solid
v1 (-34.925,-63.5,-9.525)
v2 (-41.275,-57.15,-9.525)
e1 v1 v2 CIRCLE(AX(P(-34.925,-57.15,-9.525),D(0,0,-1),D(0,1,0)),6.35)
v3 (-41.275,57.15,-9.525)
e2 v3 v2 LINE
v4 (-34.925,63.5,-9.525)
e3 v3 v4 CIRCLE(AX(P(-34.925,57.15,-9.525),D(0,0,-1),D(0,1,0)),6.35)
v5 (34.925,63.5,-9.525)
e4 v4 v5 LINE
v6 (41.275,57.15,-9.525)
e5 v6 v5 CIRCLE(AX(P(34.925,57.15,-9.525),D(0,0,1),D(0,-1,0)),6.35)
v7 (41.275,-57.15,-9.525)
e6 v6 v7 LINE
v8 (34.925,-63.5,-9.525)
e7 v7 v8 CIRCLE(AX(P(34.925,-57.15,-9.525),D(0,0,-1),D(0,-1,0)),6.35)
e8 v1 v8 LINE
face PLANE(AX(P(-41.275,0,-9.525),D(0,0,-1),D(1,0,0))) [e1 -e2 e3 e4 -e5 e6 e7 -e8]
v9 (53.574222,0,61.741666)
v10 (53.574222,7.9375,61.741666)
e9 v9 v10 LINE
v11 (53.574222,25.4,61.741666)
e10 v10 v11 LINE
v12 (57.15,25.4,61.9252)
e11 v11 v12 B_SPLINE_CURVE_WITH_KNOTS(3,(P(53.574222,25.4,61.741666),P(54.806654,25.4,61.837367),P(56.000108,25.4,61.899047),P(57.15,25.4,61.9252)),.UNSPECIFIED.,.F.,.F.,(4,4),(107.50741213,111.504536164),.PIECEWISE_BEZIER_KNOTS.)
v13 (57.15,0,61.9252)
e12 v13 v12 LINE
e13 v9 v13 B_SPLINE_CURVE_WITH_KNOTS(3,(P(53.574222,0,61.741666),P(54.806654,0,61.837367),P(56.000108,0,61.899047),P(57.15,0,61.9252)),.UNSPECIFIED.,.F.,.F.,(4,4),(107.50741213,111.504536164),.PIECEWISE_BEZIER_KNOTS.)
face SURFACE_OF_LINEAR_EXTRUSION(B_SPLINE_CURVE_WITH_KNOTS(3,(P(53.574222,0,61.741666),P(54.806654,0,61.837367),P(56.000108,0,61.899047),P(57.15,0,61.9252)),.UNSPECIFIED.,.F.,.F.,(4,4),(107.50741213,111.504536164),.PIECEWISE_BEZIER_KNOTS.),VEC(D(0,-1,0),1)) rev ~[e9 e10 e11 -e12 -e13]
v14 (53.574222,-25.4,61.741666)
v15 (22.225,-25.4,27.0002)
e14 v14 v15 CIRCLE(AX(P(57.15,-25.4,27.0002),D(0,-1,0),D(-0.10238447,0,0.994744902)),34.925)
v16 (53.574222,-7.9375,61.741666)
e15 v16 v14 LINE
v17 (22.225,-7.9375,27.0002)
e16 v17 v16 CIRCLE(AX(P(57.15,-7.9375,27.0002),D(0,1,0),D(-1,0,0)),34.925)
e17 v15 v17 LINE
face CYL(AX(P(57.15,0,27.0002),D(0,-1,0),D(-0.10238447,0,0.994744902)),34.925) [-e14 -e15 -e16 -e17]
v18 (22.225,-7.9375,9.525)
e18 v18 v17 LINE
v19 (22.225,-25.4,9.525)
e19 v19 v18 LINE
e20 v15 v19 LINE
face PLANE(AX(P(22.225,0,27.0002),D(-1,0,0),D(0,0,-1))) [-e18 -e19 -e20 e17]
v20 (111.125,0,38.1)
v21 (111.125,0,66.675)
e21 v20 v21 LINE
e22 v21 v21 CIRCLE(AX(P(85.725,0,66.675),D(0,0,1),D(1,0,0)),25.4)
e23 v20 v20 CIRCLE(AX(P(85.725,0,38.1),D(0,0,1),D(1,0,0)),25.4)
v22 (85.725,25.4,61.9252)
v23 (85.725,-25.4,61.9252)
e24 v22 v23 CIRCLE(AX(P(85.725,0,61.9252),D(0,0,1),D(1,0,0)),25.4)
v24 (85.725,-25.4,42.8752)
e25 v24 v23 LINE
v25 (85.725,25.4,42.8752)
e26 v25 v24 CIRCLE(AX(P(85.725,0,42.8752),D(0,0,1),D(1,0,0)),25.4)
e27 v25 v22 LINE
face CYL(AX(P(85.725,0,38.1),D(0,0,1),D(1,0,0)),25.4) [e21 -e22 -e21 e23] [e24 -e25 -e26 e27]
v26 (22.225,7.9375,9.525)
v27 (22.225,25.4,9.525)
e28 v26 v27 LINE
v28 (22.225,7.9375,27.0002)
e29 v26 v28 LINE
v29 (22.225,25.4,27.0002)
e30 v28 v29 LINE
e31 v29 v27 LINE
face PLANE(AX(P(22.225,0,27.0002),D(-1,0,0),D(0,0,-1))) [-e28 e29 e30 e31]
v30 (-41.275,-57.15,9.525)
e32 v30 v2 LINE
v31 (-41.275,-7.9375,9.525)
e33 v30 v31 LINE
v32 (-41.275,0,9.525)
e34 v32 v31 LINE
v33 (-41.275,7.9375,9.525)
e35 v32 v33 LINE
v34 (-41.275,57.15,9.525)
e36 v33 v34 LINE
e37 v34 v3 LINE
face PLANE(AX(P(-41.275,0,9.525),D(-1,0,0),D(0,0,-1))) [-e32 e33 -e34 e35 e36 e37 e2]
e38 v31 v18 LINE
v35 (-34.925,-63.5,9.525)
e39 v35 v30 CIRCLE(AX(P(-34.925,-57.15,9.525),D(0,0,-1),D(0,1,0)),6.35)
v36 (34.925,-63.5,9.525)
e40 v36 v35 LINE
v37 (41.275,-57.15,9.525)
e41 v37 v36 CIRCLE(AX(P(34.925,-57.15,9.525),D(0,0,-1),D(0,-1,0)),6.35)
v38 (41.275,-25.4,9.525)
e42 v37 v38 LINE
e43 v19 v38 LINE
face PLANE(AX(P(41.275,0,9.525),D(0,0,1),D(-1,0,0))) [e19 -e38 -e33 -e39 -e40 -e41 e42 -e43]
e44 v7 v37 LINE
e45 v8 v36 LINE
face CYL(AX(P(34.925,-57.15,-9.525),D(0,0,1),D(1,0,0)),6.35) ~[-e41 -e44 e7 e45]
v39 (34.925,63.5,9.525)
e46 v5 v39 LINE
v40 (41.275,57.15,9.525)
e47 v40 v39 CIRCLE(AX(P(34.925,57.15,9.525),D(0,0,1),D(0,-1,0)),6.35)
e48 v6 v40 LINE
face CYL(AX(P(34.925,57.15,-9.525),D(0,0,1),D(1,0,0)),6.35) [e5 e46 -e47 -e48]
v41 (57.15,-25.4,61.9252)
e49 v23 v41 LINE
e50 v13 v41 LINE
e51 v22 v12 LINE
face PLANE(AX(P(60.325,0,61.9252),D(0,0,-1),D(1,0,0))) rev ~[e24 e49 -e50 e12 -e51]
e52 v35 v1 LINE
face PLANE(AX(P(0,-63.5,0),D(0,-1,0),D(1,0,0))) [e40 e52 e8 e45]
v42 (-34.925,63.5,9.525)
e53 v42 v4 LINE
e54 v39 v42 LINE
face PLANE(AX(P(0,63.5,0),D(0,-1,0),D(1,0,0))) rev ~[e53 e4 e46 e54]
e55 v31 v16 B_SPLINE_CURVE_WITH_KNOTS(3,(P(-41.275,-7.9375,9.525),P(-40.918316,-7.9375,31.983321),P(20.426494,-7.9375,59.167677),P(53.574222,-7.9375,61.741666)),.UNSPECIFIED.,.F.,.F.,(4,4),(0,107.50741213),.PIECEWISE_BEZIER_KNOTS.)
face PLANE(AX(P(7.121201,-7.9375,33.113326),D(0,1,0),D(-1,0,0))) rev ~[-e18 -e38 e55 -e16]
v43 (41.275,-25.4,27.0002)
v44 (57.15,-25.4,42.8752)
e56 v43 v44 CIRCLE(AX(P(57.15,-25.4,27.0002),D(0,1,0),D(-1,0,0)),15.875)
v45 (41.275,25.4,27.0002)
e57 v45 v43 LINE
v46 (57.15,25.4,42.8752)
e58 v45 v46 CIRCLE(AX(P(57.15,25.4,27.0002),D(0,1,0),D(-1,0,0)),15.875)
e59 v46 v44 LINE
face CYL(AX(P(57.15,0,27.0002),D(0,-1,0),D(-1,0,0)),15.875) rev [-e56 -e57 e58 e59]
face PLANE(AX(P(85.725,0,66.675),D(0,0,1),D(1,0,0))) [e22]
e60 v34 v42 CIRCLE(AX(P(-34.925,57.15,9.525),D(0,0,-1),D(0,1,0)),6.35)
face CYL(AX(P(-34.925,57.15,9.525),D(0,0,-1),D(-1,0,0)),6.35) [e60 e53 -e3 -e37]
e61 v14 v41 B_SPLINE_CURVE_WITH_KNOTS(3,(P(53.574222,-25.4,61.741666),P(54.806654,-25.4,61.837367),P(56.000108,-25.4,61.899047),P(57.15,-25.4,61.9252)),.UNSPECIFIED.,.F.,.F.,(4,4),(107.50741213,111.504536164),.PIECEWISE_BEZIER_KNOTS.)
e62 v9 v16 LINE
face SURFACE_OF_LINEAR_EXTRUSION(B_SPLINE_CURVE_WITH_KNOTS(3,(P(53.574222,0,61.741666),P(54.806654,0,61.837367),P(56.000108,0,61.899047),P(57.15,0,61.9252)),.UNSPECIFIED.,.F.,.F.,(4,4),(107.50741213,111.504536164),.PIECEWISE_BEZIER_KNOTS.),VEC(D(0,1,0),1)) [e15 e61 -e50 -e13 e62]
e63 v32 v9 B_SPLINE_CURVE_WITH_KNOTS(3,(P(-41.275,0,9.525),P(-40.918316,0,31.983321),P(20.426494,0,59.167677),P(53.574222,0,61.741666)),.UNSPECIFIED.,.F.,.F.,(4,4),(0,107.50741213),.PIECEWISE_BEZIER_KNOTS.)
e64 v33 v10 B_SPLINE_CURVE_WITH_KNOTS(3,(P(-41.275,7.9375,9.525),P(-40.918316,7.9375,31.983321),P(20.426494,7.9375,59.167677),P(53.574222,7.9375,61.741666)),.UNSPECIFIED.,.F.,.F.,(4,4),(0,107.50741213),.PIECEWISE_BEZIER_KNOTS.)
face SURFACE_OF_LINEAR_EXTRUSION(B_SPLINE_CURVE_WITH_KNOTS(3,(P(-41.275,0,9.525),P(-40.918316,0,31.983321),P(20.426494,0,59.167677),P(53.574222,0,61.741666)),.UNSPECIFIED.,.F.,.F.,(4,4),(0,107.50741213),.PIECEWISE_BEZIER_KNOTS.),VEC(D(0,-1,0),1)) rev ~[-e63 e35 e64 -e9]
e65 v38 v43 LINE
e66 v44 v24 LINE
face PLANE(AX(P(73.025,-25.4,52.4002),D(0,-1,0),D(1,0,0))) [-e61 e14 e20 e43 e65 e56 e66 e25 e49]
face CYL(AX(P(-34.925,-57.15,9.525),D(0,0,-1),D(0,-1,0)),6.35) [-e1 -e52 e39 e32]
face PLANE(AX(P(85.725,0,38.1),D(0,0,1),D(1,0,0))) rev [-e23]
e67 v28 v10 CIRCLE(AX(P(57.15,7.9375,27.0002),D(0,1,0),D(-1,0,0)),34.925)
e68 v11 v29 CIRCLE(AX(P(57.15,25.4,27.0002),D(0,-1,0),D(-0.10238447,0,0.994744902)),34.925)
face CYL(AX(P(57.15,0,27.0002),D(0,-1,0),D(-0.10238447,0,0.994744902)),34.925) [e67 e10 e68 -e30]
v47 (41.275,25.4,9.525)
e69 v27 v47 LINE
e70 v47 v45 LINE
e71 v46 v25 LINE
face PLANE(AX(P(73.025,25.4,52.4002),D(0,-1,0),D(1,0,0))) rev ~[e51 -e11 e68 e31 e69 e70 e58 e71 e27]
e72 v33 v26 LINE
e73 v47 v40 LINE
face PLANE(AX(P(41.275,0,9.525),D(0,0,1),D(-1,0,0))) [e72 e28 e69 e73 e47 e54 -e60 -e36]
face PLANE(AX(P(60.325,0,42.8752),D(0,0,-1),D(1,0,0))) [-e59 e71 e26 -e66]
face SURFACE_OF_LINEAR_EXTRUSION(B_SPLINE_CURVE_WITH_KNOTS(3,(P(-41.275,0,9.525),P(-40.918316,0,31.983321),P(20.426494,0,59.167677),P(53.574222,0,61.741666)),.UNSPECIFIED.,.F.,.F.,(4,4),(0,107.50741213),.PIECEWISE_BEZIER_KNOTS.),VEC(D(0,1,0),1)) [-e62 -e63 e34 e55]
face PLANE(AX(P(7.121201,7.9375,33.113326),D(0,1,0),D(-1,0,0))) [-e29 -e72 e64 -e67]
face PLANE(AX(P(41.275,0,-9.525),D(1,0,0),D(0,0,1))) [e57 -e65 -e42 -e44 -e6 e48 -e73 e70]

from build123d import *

# Parameters (mm, degrees)
F1_DEPTH = 63.5
F2_DEPTH = 25.4
F0_W     = 25.4
F0_H     = 19.05
F3_DEPTH = 25.4
F4_DEPTH = 7.9375
F6_R     = 6.35


with BuildPart() as f1:
    # F0 (on Front) → F1 (new body, symmetric)
    with BuildSketch(Plane.XZ):
        Polygon((-41.275, 9.525), (-41.275, -9.525), (41.275, -9.525), (41.275, 9.525), (22.225, 9.525), align=None)
    extrude(amount=F1_DEPTH, both=True)

    # F0 (on Front) → F2 (join, symmetric)
    with BuildSketch(Plane.XZ):
        with BuildLine():
            Line((22.225, 9.525), (41.275, 9.525))
            Line((41.275, 9.525), (41.275, 27.0002))
            ThreePointArc((41.275, 27.0002), (45.9246798487, 38.2255201513), (57.15, 42.8752))
            Line((57.15, 42.8752), (60.325, 42.8752))
            Line((60.325, 42.8752), (60.325, 61.9252))
            Line((60.325, 61.9252), (57.15, 61.9252))
            add(Edge.make_bspline(
                [(53.5742223952, 61.7416657077), (54.8066544525, 61.8373665684), (56.0001082359, 61.8990472552), (57.15, 61.9252)],
                knots=[107.5074121299, 107.5074121299, 107.5074121299, 107.5074121299, 111.5045361635, 111.5045361635, 111.5045361635, 111.5045361635], degree=3))
            ThreePointArc((53.5742223952, 61.7416657077), (31.2208691059, 50.3975459195), (22.225, 27.0002))
            Line((22.225, 27.0002), (22.225, 9.525))
        make_face()
    extrude(amount=F2_DEPTH, both=True)

    # F0 (on Front) → F3 (join, symmetric)
    with BuildSketch(Plane.XZ):
        with Locations((73.025, 52.4002)):
            Rectangle(F0_W, F0_H)
    extrude(amount=F3_DEPTH, both=True)

    # F0 (on Front) → F4 (join, symmetric)
    with BuildSketch(Plane.XZ):
        with BuildLine():
            add(Edge.make_bspline(
                [(-41.275, 9.525), (-40.9183161587, 31.9833210844), (20.4264941805, 59.1676770631), (53.5742223952, 61.7416657077)],
                knots=[0, 0, 0, 0, 107.5074121299, 107.5074121299, 107.5074121299, 107.5074121299], degree=3))
            Line((-41.275, 9.525), (22.225, 9.525))
            Line((22.225, 9.525), (22.225, 27.0002))
            ThreePointArc((22.225, 27.0002), (31.2208691059, 50.3975459195), (53.5742223952, 61.7416657077))
        make_face()
    extrude(amount=F4_DEPTH, both=True)

    # F0 (on Front) → F5 (revolve)
    with BuildSketch(Plane.XZ):
        Polygon((85.725, 66.675), (85.725, 61.9252), (85.725, 42.8752), (85.725, 38.1), (111.125, 38.1), (111.125, 66.675), align=None)
    revolve(axis=Axis((85.725, 0, 52.3875), (0, 0, 1)))

    # F6
    f6_edges = [f1.edges().sort_by_distance(p)[0] for p in [
        (-41.275, -63.5, 0),
        (41.275, -63.5, 0),
        (-41.275, 63.5, 0),
        (41.275, 63.5, 0),
    ]]
    fillet(f6_edges, radius=F6_R)


solid = f1.part
